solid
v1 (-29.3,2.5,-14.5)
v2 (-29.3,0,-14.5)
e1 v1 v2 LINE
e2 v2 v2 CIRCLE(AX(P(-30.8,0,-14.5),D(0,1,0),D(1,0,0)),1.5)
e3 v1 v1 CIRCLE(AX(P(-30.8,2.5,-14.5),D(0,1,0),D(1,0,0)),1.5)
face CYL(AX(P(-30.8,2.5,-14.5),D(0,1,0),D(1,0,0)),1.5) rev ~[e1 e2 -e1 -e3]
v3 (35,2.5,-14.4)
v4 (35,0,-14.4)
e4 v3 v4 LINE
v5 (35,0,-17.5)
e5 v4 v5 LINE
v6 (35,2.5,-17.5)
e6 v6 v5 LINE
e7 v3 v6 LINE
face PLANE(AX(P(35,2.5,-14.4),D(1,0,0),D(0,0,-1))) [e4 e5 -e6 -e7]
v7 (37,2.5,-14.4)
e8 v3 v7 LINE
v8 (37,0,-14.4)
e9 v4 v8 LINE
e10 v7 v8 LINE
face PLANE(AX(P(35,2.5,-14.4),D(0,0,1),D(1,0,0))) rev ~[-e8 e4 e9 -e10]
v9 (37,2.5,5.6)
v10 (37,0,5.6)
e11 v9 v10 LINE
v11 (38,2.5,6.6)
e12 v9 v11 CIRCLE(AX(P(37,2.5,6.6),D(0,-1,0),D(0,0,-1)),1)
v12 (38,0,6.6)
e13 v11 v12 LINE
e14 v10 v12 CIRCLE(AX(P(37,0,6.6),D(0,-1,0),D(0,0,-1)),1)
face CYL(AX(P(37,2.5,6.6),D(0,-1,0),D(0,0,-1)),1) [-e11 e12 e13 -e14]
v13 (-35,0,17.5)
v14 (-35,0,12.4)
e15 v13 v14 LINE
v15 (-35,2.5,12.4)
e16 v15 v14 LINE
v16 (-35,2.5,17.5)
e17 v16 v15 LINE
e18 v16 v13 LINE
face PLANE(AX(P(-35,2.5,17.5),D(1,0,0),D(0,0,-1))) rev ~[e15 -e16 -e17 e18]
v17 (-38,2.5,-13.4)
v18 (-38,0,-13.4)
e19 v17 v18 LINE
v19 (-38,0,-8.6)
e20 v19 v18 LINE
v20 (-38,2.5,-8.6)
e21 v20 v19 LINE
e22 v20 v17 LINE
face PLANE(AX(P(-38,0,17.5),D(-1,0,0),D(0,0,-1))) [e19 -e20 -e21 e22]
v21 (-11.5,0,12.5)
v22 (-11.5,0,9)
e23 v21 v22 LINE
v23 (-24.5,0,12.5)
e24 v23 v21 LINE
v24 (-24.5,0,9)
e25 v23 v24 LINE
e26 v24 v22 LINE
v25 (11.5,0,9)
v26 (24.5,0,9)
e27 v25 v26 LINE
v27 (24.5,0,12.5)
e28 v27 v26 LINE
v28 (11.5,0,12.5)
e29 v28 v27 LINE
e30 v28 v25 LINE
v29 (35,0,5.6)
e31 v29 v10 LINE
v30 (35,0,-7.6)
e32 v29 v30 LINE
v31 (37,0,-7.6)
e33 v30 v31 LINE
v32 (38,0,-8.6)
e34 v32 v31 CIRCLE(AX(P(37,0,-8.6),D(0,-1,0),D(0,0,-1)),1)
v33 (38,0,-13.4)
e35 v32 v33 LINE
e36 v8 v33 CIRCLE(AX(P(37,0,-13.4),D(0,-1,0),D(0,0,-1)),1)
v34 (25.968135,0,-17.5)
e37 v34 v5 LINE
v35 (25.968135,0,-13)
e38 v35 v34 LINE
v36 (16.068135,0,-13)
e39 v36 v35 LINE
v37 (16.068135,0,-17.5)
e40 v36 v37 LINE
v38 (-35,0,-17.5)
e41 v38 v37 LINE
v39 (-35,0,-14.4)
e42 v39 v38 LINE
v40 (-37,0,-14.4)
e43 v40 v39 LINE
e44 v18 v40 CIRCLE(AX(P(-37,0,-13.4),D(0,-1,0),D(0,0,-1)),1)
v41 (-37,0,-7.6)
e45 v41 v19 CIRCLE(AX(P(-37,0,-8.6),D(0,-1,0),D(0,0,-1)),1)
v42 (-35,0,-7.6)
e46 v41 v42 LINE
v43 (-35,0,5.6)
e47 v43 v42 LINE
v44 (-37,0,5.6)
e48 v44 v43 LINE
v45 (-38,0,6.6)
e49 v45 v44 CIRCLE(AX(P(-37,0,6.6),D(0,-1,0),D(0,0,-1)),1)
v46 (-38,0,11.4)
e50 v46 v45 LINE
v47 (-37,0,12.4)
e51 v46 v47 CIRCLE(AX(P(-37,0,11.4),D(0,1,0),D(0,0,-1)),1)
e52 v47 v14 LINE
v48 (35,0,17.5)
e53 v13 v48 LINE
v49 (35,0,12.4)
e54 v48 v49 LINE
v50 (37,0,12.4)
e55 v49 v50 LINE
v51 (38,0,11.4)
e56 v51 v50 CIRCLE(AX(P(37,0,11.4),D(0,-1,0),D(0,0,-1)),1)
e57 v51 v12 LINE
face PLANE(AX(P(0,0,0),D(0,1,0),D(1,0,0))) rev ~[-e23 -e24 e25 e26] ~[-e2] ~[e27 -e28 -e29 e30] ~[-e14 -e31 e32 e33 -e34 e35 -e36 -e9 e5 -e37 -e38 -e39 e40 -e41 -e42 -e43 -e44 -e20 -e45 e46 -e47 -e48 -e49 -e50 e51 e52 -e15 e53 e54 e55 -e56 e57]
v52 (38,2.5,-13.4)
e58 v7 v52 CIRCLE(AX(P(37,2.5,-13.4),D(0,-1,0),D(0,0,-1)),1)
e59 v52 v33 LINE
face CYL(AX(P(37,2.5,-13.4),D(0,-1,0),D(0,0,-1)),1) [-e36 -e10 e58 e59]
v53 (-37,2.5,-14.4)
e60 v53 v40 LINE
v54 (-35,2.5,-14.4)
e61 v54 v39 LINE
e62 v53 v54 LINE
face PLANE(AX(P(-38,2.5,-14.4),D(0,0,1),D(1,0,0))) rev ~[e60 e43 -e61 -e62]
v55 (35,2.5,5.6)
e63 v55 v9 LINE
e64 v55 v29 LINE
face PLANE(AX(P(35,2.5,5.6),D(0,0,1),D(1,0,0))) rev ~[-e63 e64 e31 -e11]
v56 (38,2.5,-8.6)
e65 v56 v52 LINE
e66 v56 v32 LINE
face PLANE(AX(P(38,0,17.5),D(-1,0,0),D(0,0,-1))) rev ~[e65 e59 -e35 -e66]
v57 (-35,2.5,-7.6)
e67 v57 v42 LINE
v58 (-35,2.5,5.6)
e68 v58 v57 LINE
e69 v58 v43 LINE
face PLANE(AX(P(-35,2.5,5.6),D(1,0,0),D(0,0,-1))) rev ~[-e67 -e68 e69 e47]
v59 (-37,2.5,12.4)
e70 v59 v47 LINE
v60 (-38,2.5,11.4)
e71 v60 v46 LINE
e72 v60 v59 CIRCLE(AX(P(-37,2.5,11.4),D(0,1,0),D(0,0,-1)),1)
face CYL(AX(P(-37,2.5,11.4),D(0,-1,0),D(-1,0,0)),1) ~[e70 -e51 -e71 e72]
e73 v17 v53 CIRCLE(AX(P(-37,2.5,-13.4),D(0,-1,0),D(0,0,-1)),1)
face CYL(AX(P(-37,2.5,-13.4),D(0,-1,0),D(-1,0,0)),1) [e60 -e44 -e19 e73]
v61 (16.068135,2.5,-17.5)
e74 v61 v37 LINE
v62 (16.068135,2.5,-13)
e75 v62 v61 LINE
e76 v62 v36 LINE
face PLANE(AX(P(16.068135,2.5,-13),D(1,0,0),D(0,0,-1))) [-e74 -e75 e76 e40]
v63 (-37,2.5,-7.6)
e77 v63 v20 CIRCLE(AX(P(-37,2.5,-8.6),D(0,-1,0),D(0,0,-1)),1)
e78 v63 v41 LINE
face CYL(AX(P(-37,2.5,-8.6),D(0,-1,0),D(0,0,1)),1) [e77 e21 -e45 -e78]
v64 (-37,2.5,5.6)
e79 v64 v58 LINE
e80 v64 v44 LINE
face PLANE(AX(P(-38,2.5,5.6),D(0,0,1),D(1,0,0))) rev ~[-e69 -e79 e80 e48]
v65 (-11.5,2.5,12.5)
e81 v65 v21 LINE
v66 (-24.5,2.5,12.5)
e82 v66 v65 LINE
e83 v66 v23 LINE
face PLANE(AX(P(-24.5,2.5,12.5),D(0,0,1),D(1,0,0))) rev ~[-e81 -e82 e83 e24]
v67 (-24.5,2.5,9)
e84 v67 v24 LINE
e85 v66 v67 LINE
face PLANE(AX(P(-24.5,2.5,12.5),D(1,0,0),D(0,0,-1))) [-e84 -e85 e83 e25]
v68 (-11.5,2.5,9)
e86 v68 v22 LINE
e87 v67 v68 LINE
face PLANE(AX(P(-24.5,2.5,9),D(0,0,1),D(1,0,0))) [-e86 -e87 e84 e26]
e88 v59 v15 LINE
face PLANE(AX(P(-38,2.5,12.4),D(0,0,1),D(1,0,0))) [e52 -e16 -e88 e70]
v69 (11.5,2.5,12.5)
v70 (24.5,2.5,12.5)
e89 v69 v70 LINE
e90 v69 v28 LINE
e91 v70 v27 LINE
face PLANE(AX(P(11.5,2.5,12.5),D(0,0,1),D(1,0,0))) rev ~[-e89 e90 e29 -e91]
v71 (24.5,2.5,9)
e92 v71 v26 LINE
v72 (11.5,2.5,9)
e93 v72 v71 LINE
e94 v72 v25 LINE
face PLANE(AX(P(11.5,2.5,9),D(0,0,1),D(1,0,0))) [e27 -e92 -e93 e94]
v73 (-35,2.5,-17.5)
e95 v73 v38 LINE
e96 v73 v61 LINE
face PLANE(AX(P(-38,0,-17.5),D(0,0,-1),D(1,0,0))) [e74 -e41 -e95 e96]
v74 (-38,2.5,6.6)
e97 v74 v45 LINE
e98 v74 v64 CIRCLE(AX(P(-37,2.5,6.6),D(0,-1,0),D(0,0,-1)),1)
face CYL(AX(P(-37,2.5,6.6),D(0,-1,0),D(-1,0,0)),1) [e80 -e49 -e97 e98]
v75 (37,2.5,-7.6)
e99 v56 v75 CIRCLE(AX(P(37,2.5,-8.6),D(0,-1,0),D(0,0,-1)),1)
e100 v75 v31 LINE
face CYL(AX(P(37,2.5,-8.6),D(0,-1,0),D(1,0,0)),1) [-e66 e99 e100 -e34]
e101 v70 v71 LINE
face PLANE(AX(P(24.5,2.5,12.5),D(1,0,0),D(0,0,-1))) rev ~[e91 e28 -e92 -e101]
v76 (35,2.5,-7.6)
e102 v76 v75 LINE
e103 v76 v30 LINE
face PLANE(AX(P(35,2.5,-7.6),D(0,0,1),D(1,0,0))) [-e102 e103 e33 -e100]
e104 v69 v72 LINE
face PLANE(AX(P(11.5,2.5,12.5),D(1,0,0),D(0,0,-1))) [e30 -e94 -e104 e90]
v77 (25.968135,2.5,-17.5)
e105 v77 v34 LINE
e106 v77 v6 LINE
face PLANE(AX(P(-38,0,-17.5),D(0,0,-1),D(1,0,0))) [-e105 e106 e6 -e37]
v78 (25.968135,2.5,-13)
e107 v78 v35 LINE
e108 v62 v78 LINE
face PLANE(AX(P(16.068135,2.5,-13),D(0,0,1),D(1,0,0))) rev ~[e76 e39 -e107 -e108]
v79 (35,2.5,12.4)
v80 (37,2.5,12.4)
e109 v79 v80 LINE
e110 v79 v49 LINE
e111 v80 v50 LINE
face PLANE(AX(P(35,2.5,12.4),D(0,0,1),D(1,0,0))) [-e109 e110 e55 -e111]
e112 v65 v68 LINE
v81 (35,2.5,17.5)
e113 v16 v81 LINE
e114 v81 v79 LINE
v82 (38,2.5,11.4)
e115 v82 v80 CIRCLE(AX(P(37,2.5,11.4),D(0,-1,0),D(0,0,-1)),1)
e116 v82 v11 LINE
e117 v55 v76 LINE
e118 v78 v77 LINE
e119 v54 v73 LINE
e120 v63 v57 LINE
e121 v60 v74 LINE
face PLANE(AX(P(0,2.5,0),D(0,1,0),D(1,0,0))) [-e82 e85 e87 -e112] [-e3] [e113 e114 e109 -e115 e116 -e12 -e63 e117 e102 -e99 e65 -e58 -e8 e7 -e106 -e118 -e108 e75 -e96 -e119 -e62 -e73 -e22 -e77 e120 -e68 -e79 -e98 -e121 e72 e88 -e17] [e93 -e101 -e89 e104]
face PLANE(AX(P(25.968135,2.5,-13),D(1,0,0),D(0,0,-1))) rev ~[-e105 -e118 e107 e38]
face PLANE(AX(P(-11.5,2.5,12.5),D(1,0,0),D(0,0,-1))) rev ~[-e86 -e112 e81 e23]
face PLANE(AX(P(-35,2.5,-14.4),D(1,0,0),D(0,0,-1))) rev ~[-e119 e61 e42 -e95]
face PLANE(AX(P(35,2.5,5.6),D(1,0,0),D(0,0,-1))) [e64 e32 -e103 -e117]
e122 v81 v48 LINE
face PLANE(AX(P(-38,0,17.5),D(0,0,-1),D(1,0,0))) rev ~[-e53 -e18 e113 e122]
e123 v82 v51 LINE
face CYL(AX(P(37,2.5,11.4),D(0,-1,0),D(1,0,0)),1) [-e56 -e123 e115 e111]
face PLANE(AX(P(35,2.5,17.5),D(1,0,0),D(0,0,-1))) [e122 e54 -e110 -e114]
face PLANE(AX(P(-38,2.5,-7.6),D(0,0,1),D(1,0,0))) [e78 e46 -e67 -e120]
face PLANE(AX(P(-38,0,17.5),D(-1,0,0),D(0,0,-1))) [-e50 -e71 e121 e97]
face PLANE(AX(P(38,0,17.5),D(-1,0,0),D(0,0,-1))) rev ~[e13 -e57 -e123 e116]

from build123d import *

# Parameters (mm, degrees)
SKETCH_1_W          = 76
SKETCH_1_H          = 35
EXTRUDE_1_DEPTH     = 2.5
SKETCH_2_W          = 13
SKETCH_2_H          = 3.5
CUT_EXTRUDE_1_DEPTH = 3.5
SKETCH_3_W          = 3
SKETCH_3_H          = 5.1
SKETCH_3_H_2        = 3.1
SKETCH_3_H_3        = 13.2
CUT_EXTRUDE_2_DEPTH = 3.5
FILLET_1_R          = 1
SKETCH_4_R          = 1.5
SKETCH_4_W          = 9.9
SKETCH_4_H          = 4.5
CUT_EXTRUDE_3_DEPTH = 3.5


with BuildPart() as part:
    # 草图1 → 凸台-拉伸1 (new body)
    with BuildSketch(Plane(origin=(0, 0, 0), x_dir=(1, 0, 0), z_dir=(0, 1, 0))):
        Rectangle(SKETCH_1_W, SKETCH_1_H)
    extrude(amount=EXTRUDE_1_DEPTH)

    # 草图2 → 切除-拉伸1 (cut, through all)
    with BuildSketch(Plane(origin=(0, 2.5, 0), x_dir=(1, 0, 0), z_dir=(0, 1, 0))):
        with Locations((-18, -10.75)):
            Rectangle(SKETCH_2_W, SKETCH_2_H)
        with Locations((18, -10.75)):
            Rectangle(SKETCH_2_W, SKETCH_2_H)
    extrude(amount=-CUT_EXTRUDE_1_DEPTH, mode=Mode.SUBTRACT)

    # 草图3 → 切除-拉伸2 (cut, through all)
    with BuildSketch(Plane(origin=(0, 2.5, 0), x_dir=(1, 0, 0), z_dir=(0, 1, 0))):
        with Locations((-36.5, -14.95)):
            Rectangle(SKETCH_3_W, SKETCH_3_H)
        with Locations((-36.5, 15.95)):
            Rectangle(SKETCH_3_W, SKETCH_3_H_2)
        with Locations((-36.5, 1)):
            Rectangle(SKETCH_3_W, SKETCH_3_H_3)
        with Locations((36.5, -14.95)):
            Rectangle(SKETCH_3_W, SKETCH_3_H)
        with Locations((36.5, 1)):
            Rectangle(SKETCH_3_W, SKETCH_3_H_3)
        with Locations((36.5, 15.95)):
            Rectangle(SKETCH_3_W, SKETCH_3_H_2)
    extrude(amount=-CUT_EXTRUDE_2_DEPTH, mode=Mode.SUBTRACT)

    # 圆角1
    fillet_1_edges = [part.edges().sort_by_distance(p)[0] for p in [
        (38, 1.25, -7.6),
        (38, 1.25, 5.6),
        (38, 1.25, -14.4),
        (-38, 1.25, 12.4),
        (-38, 1.25, -14.4),
        (-38, 1.25, 5.6),
        (-38, 1.25, -7.6),
        (38, 1.25, 12.4),
    ]]
    fillet(fillet_1_edges, radius=FILLET_1_R)

    # 草图4 → 切除-拉伸3 (cut, through all)
    with BuildSketch(Plane(origin=(0, 2.5, 0), x_dir=(1, 0, 0), z_dir=(0, 1, 0))):
        with Locations((-30.8, 14.5)):
            Circle(SKETCH_4_R)
        with Locations((21.018135054, 15.25)):
            Rectangle(SKETCH_4_W, SKETCH_4_H)
    extrude(amount=-CUT_EXTRUDE_3_DEPTH, mode=Mode.SUBTRACT)


solid = part.part
